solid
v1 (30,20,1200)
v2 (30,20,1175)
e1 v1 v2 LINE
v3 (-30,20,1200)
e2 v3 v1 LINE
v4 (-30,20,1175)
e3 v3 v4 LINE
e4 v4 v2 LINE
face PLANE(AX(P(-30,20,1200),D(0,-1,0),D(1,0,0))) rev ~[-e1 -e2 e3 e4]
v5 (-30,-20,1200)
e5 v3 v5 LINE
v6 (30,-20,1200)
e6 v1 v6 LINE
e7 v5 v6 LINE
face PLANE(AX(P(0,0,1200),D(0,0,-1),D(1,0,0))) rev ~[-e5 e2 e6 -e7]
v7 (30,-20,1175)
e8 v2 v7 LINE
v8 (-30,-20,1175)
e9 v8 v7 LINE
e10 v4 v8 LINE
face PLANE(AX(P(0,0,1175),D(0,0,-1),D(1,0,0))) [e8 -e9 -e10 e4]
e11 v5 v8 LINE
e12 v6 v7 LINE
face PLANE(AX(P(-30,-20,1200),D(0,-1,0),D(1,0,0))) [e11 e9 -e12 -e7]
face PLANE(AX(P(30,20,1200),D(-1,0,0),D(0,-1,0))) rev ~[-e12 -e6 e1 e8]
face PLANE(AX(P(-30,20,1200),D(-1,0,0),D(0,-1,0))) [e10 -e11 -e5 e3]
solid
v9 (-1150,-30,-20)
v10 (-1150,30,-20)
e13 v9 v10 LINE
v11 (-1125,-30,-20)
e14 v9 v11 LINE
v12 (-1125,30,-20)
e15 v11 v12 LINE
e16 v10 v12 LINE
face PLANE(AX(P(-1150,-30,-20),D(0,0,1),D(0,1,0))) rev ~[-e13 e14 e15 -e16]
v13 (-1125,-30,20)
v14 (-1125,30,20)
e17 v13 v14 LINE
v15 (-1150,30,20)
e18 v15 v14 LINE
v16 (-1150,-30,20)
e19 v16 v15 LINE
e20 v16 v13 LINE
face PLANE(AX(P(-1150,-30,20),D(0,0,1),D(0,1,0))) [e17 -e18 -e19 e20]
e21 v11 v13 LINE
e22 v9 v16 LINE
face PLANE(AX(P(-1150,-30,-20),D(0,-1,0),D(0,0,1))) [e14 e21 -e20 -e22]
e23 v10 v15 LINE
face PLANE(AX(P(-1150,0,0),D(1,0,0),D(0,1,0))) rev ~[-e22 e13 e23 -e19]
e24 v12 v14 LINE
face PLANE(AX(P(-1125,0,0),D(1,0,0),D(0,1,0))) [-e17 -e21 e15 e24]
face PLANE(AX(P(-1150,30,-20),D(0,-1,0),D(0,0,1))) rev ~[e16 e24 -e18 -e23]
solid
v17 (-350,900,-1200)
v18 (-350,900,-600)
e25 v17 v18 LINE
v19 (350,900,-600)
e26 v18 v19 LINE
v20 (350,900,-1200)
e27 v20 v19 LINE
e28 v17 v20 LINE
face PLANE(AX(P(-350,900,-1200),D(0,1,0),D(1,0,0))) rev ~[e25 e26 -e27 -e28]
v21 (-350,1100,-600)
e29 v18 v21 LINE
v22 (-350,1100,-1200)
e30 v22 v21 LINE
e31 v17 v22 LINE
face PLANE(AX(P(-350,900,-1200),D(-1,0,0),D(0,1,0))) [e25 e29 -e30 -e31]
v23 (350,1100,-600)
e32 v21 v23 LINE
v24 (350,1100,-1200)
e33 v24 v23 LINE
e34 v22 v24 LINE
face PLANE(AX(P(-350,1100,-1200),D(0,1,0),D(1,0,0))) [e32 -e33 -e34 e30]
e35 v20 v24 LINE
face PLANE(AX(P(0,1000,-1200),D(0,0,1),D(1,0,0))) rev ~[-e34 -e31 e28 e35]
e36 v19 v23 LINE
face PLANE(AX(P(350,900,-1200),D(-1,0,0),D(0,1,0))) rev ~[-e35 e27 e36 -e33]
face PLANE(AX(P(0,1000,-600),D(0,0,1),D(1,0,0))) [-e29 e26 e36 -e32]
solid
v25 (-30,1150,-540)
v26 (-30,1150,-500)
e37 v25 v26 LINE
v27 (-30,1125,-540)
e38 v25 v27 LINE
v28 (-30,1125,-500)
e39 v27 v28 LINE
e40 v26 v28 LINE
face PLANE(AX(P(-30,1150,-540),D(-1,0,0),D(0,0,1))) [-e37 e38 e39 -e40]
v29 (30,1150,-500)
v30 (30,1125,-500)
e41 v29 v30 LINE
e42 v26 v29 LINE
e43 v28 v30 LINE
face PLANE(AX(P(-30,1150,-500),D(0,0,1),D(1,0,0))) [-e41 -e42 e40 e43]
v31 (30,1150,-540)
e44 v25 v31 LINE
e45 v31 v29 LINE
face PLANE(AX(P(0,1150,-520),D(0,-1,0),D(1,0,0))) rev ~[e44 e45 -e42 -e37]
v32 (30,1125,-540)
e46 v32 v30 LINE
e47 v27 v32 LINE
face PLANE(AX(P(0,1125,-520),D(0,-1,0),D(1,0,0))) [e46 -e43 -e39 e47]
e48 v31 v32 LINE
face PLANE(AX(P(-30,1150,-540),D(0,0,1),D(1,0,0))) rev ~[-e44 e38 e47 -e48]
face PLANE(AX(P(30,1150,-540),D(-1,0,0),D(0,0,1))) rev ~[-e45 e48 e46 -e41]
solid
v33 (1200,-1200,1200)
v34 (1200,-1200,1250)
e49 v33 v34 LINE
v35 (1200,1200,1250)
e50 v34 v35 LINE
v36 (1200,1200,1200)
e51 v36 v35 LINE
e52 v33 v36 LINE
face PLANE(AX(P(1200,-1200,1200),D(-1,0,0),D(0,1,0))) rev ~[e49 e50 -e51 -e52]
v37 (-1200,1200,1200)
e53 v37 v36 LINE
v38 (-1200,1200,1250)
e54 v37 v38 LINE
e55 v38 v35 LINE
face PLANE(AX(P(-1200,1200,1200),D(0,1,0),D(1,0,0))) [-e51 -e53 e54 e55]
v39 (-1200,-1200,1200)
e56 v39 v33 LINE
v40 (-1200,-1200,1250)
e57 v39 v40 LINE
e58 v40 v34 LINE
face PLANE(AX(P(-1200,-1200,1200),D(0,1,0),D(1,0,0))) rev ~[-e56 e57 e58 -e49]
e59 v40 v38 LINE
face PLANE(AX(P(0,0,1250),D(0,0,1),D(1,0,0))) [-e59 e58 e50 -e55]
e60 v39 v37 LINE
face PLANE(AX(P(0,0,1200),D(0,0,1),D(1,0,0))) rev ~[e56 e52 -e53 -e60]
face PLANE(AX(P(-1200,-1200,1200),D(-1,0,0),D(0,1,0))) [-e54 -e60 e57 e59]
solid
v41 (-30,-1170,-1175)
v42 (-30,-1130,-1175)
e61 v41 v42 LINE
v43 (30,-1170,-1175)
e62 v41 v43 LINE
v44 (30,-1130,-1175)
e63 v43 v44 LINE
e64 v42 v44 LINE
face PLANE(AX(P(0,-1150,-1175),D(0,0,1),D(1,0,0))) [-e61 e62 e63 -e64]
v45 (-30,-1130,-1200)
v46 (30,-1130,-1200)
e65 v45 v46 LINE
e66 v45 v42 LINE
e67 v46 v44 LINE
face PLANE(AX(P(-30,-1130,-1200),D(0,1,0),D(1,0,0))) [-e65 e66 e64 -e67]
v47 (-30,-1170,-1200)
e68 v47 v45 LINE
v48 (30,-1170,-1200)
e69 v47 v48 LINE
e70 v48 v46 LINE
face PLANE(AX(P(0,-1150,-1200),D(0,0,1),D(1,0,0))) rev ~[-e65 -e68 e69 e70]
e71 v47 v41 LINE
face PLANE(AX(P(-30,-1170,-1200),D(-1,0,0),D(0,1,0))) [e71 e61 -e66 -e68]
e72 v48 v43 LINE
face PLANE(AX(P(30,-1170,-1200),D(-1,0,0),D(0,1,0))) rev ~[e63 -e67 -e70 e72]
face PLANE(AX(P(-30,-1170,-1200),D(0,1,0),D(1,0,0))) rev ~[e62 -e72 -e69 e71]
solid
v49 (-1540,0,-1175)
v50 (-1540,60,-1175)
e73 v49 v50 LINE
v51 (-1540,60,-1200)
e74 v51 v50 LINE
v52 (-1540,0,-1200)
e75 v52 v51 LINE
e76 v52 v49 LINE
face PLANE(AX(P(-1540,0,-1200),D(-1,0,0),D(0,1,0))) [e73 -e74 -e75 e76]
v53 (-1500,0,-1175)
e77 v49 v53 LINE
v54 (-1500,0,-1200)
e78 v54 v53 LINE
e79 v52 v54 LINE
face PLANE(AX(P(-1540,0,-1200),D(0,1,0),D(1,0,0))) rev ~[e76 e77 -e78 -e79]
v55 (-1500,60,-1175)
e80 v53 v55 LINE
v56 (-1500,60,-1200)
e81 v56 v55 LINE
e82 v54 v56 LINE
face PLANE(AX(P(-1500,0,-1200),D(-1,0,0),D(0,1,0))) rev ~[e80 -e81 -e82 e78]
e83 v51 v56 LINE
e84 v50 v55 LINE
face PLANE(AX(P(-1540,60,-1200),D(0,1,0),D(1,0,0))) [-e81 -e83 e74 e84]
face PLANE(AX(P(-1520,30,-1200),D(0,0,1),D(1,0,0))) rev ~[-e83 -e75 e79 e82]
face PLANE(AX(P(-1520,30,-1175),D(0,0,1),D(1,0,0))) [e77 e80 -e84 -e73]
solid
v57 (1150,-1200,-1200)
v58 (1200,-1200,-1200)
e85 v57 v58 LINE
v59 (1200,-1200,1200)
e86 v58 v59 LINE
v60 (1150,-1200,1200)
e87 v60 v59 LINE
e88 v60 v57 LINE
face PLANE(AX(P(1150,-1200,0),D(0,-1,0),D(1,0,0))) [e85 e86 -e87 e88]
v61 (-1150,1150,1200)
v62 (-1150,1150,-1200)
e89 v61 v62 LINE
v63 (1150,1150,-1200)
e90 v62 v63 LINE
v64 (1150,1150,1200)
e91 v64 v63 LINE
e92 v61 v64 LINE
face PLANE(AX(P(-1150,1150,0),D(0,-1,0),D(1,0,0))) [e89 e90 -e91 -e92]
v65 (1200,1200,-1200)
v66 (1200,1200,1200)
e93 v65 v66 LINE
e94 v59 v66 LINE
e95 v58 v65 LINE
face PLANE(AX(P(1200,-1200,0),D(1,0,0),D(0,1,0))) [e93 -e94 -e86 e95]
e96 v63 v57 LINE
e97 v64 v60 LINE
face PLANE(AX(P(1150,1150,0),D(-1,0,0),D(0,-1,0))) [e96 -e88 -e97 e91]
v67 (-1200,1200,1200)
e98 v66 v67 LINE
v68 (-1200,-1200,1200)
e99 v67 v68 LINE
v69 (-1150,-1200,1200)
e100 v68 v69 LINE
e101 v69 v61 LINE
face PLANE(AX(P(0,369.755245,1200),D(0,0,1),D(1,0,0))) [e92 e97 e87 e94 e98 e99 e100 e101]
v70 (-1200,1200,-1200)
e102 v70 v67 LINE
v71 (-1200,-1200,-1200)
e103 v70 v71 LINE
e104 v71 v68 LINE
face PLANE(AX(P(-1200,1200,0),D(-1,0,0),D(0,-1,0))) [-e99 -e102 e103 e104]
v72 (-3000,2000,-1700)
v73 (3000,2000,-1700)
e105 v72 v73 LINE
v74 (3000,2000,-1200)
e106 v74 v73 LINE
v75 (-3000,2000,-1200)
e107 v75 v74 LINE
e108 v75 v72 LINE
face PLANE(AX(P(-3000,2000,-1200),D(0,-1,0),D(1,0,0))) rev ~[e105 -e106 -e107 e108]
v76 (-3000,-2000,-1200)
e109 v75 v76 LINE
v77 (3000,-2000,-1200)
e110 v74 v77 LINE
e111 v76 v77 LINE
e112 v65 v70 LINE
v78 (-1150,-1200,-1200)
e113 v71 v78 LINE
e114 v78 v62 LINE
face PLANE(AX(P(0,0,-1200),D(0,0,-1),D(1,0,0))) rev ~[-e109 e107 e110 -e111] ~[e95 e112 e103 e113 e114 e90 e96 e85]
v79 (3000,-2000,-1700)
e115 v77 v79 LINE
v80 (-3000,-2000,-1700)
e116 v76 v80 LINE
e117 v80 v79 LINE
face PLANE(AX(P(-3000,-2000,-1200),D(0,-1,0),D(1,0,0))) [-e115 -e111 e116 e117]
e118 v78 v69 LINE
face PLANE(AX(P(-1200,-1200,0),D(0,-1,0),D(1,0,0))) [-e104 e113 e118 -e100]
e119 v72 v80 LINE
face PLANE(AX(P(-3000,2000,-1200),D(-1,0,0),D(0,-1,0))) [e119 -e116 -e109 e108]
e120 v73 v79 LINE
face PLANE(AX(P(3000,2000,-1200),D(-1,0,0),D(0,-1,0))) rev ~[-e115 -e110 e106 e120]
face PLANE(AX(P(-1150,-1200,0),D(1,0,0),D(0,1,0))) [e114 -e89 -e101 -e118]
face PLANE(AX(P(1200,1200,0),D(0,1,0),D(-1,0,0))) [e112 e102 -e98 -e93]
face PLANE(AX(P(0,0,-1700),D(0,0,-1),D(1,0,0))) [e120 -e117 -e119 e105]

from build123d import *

# Parameters (mm, degrees)
F1_DEPTH  = 1200
F2_W      = 2400
F2_H      = 2400
F3_DEPTH  = 50
F4_W      = 6000
F4_H      = 4000
F5_DEPTH  = 500
F6_W      = 700
F6_H      = 200
F7_DEPTH  = 600
F8_W      = 60
F8_H      = 40
F9_DEPTH  = 25
F10_W     = 60
F10_H     = 40
F11_DEPTH = 25
F12_W     = 60
F12_H     = 40
F13_DEPTH = 25
F14_W     = 60
F14_H     = 40
F15_DEPTH = 25
F16_W     = 40
F16_H     = 60
F17_DEPTH = 25


with BuildPart() as f1:
    # F0 (on Top) → F1 (new body, symmetric)
    with BuildSketch(Plane.XY):
        Polygon((1150, -1200), (1200, -1200), (1200, 1200), (-1200, 1200), (-1200, -1200), (-1150, -1200), (-1150, -1150), (-1150, 1150), (1150, 1150), (1150, -1150), align=None)
    extrude(amount=F1_DEPTH, both=True)

    # F4 (on face) → F5 (join)
    with BuildSketch(Plane(origin=(0, 0, -1200), x_dir=(1, 0, 0), z_dir=(0, 0, -1))):
        Rectangle(F4_W, F4_H)
    extrude(amount=F5_DEPTH)


with BuildPart() as f3:
    # F2 (on face) → F3 (new body)
    with BuildSketch(Plane.XY.offset(1200)):
        Rectangle(F2_W, F2_H)
    extrude(amount=F3_DEPTH)


with BuildPart() as f7:
    # F6 (on face) → F7 (new body)
    with BuildSketch(Plane.XY.offset(-1200)):
        with Locations((0, 1000)):
            Rectangle(F6_W, F6_H)
    extrude(amount=F7_DEPTH)


with BuildPart() as f9:
    # F8 (on face) → F9 (new body)
    with BuildSketch(Plane.XY.offset(-1200)):
        with Locations((0, -1150)):
            Rectangle(F8_W, F8_H)
    extrude(amount=F9_DEPTH)


with BuildPart() as f11:
    # F10 (on face) → F11 (new body)
    with BuildSketch(Plane.XZ.offset(-1150)):
        with Locations((0, -520)):
            Rectangle(F10_W, F10_H)
    extrude(amount=F11_DEPTH)


with BuildPart() as f13:
    # F12 (on face) → F13 (new body)
    with BuildSketch(Plane(origin=(0, 0, 1200), x_dir=(1, 0, 0), z_dir=(0, 0, -1))):
        Rectangle(F12_W, F12_H)
    extrude(amount=F13_DEPTH)


with BuildPart() as f15:
    # F14 (on face) → F15 (new body)
    with BuildSketch(Plane.YZ.offset(-1150)):
        Rectangle(F14_W, F14_H)
    extrude(amount=F15_DEPTH)


with BuildPart() as f17:
    # F16 (on face) → F17 (new body)
    with BuildSketch(Plane.XY.offset(-1200)):
        with Locations((-1520, 30)):
            Rectangle(F16_W, F16_H)
    extrude(amount=F17_DEPTH)


solid = Compound([f1.part, f3.part, f7.part, f9.part, f11.part, f13.part, f15.part, f17.part])
